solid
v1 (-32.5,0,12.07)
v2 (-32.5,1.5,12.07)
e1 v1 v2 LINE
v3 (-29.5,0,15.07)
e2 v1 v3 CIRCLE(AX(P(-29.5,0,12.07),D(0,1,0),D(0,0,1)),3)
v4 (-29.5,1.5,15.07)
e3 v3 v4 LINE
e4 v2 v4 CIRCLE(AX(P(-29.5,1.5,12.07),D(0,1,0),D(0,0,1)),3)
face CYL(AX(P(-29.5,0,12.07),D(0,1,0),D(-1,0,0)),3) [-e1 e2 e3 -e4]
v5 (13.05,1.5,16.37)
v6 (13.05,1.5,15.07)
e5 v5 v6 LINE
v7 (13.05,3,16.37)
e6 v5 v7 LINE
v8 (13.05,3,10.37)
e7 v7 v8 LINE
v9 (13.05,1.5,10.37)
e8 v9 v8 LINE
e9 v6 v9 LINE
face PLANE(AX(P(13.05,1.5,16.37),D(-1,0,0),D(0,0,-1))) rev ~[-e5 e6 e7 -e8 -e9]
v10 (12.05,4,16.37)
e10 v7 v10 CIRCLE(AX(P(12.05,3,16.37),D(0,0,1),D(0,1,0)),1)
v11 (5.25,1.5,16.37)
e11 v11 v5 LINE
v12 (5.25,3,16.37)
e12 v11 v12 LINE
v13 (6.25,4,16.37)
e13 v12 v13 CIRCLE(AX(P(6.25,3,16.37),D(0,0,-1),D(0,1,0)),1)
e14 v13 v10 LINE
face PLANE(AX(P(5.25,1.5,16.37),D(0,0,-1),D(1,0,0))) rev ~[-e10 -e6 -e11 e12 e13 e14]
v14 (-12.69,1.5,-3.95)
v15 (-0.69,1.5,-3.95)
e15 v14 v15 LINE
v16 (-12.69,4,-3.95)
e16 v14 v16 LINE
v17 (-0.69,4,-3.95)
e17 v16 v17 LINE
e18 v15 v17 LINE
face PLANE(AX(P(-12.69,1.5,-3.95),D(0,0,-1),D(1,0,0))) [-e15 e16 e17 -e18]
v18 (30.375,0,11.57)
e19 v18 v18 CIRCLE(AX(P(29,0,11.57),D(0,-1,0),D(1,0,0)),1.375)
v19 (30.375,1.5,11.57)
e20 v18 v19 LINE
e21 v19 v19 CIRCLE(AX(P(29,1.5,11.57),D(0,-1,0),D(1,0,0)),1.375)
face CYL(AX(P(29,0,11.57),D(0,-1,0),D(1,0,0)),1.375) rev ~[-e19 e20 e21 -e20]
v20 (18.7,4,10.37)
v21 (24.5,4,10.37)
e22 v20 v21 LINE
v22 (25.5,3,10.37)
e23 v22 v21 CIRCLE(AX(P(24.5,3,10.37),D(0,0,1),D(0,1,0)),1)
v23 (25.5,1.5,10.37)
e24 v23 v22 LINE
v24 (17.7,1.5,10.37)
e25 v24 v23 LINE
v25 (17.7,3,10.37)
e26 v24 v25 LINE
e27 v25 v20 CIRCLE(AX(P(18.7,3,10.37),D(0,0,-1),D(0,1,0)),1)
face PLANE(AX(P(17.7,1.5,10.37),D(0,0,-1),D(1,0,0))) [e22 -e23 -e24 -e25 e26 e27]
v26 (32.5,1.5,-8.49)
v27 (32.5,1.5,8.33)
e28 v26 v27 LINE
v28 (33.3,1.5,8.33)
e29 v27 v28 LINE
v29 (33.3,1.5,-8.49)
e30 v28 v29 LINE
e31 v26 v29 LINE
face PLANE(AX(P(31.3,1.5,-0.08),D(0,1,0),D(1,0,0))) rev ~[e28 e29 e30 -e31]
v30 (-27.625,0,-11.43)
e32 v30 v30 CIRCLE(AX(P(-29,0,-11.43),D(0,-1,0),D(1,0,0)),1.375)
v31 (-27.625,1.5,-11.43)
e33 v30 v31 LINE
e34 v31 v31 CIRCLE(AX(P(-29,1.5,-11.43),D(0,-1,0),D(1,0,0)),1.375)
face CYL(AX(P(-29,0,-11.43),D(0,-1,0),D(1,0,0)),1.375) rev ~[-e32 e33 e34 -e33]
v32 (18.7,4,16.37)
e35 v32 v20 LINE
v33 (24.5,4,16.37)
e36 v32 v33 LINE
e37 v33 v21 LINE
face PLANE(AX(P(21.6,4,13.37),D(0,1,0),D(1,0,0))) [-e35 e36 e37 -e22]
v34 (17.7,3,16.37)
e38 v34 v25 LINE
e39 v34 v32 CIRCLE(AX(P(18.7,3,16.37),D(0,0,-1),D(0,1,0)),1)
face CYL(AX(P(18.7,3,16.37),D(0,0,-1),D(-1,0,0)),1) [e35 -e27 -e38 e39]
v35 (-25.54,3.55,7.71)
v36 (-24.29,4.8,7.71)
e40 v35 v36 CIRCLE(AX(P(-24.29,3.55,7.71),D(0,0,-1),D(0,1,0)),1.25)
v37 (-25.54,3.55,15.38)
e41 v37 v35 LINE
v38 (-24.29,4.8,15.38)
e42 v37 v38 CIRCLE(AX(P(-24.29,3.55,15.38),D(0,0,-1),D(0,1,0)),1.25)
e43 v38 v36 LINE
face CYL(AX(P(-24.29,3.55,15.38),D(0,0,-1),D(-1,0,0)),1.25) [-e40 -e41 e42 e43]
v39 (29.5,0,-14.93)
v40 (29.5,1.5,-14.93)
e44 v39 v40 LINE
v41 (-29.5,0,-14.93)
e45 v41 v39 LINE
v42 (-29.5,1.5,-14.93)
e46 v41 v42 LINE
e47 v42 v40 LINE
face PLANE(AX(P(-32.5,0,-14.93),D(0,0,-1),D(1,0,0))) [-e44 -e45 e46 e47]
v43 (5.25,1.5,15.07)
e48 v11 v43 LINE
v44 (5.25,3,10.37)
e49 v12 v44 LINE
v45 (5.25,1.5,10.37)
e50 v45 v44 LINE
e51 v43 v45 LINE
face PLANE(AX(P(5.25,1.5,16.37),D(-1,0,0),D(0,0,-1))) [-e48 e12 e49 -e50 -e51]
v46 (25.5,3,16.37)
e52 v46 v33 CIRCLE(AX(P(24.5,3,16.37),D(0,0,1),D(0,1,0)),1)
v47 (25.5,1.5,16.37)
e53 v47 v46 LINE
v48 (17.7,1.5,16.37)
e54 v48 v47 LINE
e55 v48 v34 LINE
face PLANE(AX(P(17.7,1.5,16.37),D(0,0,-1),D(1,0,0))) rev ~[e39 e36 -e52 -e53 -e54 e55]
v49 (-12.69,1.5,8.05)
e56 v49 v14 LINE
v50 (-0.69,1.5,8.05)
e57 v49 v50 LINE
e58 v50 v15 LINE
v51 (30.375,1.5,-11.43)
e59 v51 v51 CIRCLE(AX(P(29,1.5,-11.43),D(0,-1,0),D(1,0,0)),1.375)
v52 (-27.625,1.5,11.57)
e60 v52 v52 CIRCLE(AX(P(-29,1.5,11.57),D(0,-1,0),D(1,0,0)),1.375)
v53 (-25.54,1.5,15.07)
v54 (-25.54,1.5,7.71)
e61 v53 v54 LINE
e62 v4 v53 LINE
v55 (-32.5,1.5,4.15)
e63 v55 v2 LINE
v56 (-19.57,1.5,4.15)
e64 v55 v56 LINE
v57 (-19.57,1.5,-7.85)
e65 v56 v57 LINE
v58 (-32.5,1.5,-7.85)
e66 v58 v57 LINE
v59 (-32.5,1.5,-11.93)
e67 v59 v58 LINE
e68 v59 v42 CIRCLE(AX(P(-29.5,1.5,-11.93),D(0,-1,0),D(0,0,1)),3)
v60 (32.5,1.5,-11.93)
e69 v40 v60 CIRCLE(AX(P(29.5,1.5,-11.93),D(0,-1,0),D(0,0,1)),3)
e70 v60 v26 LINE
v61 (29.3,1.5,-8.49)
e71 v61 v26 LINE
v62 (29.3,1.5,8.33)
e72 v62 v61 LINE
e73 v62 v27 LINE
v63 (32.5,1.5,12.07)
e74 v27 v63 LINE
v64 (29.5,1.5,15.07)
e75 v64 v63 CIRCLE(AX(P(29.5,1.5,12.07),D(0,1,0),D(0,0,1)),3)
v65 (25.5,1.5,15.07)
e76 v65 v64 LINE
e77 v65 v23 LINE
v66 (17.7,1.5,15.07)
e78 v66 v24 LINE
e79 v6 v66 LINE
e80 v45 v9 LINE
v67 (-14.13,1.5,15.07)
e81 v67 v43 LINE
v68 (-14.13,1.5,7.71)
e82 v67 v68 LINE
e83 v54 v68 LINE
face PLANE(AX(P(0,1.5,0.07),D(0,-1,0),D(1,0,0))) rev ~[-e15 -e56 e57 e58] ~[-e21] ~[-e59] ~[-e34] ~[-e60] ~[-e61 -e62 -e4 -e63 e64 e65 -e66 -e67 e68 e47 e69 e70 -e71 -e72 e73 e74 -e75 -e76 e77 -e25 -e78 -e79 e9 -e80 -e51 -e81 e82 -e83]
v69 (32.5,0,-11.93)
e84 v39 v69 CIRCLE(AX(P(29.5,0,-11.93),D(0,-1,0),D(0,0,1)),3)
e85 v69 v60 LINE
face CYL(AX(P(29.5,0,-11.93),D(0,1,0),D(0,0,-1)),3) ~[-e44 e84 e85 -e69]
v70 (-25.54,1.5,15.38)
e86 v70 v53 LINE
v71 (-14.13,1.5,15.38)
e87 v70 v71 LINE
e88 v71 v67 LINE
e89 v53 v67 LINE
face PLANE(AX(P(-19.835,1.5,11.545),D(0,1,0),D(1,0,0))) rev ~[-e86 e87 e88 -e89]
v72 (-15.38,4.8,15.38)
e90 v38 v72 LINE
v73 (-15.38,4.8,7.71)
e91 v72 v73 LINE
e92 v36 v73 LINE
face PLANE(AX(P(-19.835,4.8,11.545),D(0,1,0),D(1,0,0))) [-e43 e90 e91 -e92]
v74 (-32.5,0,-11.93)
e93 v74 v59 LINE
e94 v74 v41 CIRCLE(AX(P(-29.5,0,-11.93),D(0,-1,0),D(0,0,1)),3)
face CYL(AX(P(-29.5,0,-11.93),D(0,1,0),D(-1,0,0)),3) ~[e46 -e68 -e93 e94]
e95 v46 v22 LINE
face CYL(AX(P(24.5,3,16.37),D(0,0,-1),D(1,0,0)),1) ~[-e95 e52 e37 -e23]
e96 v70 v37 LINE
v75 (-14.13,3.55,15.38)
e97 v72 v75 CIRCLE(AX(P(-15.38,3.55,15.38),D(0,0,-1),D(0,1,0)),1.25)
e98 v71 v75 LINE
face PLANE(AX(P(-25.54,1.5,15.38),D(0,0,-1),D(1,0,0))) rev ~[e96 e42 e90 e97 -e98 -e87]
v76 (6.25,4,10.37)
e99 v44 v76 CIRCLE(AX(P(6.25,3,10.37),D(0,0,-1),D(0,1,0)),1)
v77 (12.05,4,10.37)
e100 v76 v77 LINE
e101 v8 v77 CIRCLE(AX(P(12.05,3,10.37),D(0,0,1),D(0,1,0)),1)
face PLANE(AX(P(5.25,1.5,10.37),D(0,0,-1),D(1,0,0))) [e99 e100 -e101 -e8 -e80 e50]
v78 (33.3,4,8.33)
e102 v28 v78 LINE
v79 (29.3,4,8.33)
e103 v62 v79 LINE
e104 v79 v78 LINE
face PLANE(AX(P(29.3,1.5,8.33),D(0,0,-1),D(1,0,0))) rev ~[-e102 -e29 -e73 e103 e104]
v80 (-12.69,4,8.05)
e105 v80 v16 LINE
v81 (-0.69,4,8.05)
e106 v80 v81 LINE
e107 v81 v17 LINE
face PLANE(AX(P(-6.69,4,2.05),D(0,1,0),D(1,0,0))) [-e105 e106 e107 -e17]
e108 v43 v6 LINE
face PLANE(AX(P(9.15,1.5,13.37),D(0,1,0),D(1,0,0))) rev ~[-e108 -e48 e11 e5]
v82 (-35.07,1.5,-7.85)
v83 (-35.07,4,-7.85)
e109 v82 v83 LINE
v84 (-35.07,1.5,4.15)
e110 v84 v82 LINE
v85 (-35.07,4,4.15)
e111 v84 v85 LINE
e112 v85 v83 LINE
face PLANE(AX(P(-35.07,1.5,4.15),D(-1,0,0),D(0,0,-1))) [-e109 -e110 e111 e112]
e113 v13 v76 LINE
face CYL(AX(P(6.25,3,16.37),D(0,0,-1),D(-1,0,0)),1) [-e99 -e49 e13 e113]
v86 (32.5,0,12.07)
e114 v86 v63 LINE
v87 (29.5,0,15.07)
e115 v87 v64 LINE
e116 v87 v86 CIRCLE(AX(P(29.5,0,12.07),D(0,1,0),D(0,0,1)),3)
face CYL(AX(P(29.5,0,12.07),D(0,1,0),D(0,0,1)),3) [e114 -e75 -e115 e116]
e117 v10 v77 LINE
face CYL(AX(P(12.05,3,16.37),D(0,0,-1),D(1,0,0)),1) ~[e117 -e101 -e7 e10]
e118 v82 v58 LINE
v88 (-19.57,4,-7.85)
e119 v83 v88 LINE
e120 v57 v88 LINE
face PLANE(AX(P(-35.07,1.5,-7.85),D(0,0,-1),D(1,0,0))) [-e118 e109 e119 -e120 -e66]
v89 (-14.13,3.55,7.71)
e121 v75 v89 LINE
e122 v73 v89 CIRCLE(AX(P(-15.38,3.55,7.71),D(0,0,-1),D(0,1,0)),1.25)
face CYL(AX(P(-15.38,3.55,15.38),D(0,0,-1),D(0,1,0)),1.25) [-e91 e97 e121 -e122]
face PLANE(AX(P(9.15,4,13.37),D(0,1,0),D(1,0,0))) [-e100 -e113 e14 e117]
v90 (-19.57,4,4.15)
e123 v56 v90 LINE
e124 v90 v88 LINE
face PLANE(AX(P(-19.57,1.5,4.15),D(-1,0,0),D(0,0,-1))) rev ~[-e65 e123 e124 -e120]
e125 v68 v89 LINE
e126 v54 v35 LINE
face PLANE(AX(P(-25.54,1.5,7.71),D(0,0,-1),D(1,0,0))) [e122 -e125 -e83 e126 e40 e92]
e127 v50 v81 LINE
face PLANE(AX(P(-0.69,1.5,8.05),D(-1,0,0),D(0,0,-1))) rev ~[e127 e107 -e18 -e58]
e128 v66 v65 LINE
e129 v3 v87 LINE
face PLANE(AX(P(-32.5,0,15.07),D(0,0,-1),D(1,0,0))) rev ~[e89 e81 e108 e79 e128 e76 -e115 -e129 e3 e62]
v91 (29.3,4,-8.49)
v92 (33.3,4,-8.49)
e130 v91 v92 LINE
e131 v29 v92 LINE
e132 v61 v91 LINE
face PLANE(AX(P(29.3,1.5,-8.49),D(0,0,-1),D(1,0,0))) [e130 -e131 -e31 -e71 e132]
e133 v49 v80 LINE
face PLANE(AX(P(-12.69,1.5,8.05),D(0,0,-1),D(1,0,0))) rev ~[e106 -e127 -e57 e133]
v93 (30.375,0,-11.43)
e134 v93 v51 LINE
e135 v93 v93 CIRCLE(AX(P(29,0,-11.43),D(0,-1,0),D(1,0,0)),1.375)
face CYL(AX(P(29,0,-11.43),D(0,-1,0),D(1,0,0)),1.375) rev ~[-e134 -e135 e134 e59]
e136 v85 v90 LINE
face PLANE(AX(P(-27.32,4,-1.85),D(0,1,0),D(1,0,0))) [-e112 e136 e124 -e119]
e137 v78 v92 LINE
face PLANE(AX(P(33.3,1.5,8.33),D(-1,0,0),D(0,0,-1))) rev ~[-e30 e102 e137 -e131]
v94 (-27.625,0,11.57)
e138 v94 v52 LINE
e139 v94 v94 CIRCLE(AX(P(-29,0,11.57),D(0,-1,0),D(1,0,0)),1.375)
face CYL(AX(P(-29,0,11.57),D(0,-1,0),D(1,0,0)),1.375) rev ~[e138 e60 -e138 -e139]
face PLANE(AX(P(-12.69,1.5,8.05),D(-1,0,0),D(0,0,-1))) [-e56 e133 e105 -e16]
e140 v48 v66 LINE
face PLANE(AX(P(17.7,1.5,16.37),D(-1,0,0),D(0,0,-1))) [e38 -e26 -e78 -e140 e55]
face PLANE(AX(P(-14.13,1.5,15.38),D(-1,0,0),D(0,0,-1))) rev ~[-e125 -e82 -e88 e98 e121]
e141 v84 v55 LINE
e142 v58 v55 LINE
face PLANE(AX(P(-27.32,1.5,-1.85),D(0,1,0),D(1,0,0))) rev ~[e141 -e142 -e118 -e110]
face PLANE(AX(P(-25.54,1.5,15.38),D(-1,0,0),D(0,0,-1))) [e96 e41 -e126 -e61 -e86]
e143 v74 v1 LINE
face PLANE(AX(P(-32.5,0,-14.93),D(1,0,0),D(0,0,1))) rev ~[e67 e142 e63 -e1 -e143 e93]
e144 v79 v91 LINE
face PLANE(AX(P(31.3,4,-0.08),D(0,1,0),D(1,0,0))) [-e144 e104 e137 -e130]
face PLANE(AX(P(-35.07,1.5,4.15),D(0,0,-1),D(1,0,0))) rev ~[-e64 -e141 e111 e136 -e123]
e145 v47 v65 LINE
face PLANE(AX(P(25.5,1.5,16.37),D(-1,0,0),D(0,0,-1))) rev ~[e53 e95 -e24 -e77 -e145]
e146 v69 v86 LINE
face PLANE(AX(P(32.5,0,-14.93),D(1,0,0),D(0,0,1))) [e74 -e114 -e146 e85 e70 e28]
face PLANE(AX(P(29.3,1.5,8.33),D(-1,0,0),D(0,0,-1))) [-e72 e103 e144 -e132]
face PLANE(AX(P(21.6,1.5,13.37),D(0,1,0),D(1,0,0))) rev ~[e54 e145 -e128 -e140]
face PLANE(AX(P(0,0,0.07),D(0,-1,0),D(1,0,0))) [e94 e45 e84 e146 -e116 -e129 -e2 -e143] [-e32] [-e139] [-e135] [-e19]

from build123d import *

# Parameters (mm, degrees)
SKETCH_W      = 65
SKETCH_H      = 30
SKETCH_R      = 1.375
PAD_DEPTH     = 1.5
FILLET_R      = 3
SKETCH001_W   = 15.5
SKETCH001_H   = 12
SKETCH001_W_2 = 12
SKETCH001_W_3 = 4
SKETCH001_H_2 = 16.82
SKETCH001_W_4 = 7.8
SKETCH001_H_3 = 6
PAD001_DEPTH  = 2.5
SKETCH002_W   = 11.41
SKETCH002_H   = 7.67
PAD002_DEPTH  = 3.3
FILLET001_R   = 1.25
FILLET002_R   = 1


with BuildPart() as part:
    # Sketch → Pad (new body)
    with BuildSketch(Plane.XZ):
        with Locations((0, 0.07)):
            Rectangle(SKETCH_W, SKETCH_H)
        with Locations((-29, 11.57)):
            Circle(SKETCH_R, mode=Mode.SUBTRACT)
        with Locations((-29, -11.43)):
            Circle(SKETCH_R, mode=Mode.SUBTRACT)
        with Locations((29, -11.43)):
            Circle(SKETCH_R, mode=Mode.SUBTRACT)
        with Locations((29, 11.57)):
            Circle(SKETCH_R, mode=Mode.SUBTRACT)
    extrude(amount=-PAD_DEPTH)

    # Fillet
    fillet_edges = [part.edges().sort_by_distance(p)[0] for p in [
        (-32.5, 0.75, 15.07),
        (-32.5, 0.75, -14.93),
        (32.5, 0.75, -14.93),
        (32.5, 0.75, 15.07),
    ]]
    fillet(fillet_edges, radius=FILLET_R)

    # Sketch001 (on Face5 of Fillet) → Pad001 (join)
    with BuildSketch(Plane(origin=(0, 1.5, 0), x_dir=(1, 0, 0), z_dir=(0, 1, 0))):
        with Locations((-27.32, 1.85)):
            Rectangle(SKETCH001_W, SKETCH001_H)
        with Locations((-6.69, -2.05)):
            Rectangle(SKETCH001_W_2, SKETCH001_H)
        with Locations((31.3, 0.08)):
            Rectangle(SKETCH001_W_3, SKETCH001_H_2)
        with Locations((21.6, -13.37)):
            Rectangle(SKETCH001_W_4, SKETCH001_H_3)
        with Locations((9.15, -13.37)):
            Rectangle(SKETCH001_W_4, SKETCH001_H_3)
    extrude(amount=PAD001_DEPTH)

    # Sketch002 (on Face5 of Pad001) → Pad002 (join)
    with BuildSketch(Plane(origin=(0, 1.5, 0), x_dir=(1, 0, 0), z_dir=(0, 1, 0))):
        with Locations((-19.835, -11.545)):
            Rectangle(SKETCH002_W, SKETCH002_H)
    extrude(amount=PAD002_DEPTH)

    # Fillet001
    fillet001_edges = [part.edges().sort_by_distance(p)[0] for p in [
        (-25.54, 4.8, 11.545),
        (-14.13, 4.8, 11.545),
    ]]
    fillet(fillet001_edges, radius=FILLET001_R)

    # Fillet002
    fillet002_edges = [part.edges().sort_by_distance(p)[0] for p in [
        (5.25, 4, 13.37),
        (13.05, 4, 13.37),
        (17.7, 4, 13.37),
        (25.5, 4, 13.37),
    ]]
    fillet(fillet002_edges, radius=FILLET002_R)


solid = part.part
